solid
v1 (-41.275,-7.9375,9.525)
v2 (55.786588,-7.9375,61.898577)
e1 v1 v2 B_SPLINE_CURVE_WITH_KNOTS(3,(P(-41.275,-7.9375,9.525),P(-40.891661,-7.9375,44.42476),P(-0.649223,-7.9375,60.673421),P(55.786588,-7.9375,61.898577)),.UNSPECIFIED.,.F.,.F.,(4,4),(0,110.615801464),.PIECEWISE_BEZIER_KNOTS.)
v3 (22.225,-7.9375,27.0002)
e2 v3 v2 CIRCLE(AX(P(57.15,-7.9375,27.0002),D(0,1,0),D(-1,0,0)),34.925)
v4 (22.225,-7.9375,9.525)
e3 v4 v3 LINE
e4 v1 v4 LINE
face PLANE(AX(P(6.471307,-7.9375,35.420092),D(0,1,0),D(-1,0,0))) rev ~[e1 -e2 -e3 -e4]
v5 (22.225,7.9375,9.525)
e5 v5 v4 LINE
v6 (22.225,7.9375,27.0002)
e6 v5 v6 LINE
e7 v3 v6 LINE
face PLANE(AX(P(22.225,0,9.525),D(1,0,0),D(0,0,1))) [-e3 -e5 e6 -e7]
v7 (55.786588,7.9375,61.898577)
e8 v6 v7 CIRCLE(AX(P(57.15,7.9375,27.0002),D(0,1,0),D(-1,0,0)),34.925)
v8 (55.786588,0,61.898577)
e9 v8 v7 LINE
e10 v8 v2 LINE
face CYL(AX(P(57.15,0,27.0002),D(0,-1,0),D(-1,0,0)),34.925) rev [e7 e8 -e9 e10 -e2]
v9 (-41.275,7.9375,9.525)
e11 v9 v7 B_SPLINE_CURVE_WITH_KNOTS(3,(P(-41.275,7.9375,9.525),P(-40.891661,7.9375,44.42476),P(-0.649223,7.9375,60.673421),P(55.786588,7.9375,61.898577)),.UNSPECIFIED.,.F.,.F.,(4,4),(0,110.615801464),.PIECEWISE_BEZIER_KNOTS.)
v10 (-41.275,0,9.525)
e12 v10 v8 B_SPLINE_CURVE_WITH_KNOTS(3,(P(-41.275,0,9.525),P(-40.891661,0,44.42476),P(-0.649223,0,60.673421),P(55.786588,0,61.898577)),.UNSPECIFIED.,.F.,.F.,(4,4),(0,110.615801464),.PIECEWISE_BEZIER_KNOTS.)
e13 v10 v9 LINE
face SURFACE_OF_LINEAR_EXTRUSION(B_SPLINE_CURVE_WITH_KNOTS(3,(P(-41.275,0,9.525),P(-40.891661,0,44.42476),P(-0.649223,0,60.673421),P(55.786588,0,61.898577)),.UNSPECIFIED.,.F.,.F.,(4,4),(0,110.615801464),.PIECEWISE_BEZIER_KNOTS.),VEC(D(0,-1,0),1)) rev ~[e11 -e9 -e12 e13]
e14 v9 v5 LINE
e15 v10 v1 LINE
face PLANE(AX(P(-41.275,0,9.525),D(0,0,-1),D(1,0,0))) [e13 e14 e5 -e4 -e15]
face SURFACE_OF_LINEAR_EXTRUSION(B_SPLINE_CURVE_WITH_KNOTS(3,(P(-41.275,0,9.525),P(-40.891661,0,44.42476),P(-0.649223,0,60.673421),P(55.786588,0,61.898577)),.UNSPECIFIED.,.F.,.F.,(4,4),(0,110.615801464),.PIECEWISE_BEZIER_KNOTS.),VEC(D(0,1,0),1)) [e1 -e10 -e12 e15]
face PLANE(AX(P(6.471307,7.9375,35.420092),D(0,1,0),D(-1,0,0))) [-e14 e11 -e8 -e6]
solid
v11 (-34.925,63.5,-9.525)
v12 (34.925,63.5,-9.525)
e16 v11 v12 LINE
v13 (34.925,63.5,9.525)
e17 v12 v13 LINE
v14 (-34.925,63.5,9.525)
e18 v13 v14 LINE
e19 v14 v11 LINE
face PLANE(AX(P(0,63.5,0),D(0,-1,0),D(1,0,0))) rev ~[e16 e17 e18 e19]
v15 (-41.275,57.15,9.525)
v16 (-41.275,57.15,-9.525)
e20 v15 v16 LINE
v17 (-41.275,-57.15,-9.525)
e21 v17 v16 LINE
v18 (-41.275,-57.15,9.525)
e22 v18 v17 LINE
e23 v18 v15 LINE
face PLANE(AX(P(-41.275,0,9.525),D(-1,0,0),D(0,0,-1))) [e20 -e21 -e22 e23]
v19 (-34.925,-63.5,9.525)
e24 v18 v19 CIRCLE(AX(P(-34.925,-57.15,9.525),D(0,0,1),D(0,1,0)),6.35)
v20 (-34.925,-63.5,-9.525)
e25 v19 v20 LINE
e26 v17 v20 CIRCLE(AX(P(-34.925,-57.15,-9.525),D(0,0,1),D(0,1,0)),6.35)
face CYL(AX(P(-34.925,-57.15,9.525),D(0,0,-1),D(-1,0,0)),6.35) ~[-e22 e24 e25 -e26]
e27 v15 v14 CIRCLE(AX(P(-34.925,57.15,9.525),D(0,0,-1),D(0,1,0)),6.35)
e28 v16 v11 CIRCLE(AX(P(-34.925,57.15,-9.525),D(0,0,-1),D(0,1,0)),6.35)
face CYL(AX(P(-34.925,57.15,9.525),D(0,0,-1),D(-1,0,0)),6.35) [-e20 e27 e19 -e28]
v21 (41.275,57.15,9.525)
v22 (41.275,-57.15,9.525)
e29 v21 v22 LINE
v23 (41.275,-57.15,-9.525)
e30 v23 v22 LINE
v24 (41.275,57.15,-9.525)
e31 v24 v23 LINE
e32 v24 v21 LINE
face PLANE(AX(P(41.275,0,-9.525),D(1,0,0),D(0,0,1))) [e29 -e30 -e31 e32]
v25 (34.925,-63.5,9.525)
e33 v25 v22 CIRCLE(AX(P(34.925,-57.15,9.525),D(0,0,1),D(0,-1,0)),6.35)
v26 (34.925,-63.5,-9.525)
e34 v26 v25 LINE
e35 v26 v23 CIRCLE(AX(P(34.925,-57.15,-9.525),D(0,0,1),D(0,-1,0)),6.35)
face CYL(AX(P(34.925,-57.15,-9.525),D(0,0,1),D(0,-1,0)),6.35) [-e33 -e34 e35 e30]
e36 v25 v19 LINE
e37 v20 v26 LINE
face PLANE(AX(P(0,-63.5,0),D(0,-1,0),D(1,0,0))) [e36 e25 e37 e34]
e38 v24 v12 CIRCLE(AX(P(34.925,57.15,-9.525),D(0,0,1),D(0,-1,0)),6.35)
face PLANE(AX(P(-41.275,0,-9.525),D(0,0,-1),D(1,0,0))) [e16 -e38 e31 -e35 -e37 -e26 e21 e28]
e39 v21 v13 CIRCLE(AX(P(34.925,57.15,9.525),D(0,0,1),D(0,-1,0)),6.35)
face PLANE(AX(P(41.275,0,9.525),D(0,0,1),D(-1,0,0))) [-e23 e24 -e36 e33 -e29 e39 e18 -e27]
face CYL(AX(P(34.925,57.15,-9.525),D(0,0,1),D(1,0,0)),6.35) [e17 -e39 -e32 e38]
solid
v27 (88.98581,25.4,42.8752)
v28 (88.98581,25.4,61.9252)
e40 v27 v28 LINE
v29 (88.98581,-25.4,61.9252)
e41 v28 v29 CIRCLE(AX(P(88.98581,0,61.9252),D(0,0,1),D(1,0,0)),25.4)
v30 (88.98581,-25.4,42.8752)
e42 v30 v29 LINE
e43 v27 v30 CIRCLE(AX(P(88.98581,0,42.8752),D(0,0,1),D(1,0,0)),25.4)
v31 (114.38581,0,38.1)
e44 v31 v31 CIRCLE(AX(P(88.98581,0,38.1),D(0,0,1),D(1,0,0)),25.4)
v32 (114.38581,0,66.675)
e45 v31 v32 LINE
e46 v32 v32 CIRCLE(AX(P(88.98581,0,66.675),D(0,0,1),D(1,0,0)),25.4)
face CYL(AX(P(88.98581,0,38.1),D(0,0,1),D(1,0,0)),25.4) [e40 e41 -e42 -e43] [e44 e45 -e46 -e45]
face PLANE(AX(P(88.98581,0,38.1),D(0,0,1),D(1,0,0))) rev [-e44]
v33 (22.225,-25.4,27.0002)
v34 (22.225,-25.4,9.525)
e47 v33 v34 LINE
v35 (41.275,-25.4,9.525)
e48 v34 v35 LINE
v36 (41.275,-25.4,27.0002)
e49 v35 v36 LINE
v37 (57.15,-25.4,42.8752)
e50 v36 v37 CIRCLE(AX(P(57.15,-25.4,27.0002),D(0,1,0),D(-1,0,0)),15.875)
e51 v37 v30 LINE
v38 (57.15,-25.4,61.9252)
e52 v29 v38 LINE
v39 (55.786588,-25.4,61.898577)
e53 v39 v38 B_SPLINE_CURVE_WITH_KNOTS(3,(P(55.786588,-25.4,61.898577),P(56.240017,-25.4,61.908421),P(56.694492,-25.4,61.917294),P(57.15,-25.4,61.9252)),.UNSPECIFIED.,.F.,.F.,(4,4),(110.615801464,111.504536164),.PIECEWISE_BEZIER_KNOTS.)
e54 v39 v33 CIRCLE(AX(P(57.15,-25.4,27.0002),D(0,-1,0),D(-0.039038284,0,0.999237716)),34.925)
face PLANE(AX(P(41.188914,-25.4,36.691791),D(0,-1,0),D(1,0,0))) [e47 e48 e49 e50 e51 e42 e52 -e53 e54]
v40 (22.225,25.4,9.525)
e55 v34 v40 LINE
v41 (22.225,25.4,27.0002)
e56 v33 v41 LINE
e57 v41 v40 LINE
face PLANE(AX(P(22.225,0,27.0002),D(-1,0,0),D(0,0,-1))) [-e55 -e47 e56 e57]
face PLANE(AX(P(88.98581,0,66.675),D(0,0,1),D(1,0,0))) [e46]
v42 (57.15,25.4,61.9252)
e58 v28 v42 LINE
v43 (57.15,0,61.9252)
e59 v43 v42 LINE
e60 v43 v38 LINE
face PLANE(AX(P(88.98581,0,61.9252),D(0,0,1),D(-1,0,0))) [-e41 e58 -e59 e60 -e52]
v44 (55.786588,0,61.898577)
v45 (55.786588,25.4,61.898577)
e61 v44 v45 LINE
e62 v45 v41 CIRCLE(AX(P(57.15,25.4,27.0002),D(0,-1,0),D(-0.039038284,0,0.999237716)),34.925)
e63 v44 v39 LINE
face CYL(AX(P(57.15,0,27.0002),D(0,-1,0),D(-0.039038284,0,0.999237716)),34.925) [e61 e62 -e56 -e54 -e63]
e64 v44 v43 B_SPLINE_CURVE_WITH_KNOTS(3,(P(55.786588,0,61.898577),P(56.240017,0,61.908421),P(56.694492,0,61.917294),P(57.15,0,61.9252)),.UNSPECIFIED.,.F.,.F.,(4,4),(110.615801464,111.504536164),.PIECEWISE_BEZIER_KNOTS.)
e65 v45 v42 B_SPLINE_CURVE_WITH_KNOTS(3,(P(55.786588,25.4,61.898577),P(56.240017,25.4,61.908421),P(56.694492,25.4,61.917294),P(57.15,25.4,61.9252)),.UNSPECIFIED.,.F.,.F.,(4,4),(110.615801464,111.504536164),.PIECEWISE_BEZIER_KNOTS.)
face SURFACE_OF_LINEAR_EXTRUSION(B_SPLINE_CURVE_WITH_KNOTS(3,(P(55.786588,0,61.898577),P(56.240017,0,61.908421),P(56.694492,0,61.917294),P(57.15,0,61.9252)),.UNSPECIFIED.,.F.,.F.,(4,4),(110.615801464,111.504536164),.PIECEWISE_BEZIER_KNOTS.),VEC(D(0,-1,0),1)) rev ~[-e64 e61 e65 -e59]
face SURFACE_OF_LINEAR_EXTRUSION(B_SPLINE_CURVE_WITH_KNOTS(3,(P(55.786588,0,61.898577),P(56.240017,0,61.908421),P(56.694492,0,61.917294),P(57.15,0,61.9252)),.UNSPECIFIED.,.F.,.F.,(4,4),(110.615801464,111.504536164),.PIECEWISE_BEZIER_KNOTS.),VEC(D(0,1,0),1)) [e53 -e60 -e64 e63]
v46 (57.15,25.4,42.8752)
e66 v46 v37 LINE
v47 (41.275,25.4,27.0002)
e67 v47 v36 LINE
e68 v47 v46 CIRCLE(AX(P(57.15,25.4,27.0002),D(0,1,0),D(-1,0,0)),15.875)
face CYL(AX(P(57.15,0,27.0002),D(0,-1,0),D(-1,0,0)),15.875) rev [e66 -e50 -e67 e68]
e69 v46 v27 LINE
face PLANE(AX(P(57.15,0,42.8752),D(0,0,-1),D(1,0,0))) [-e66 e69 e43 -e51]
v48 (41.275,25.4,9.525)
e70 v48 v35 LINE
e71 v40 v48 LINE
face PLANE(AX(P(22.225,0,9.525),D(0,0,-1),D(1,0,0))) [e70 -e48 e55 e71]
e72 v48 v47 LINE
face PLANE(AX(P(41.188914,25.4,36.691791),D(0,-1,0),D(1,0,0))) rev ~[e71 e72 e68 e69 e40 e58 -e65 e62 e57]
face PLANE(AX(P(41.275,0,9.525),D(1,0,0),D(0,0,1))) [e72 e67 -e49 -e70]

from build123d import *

# Parameters (mm, degrees)
F1_DEPTH = 63.5
F0_W     = 25.4
F0_H     = 19.05
F2_DEPTH = 25.4
F3_DEPTH = 7.9375
F5_R     = 6.35


with BuildPart() as f1:
    # F0 (on Front) → F1 (new body, symmetric)
    with BuildSketch(Plane.XZ):
        Polygon((-41.275, -9.525), (41.275, -9.525), (41.275, 9.525), (22.225, 9.525), (-41.275, 9.525), align=None)
    extrude(amount=F1_DEPTH, both=True)

    # F5
    f5_edges = [f1.edges().sort_by_distance(p)[0] for p in [
        (-41.275, -63.5, 0),
        (41.275, -63.5, 0),
        (41.275, 63.5, 0),
        (-41.275, 63.5, 0),
    ]]
    fillet(f5_edges, radius=F5_R)


with BuildPart() as f2:
    # F0 (on Front) → F2 (new body, symmetric)
    with BuildSketch(Plane.XZ):
        with BuildLine():
            Line((22.225, 9.525), (41.275, 9.525))
            Line((41.275, 9.525), (41.275, 27.0002))
            ThreePointArc((41.275, 27.0002), (45.9246798487, 38.2255201513), (57.15, 42.8752))
            Line((57.15, 42.8752), (63.585810169, 42.8752))
            Line((63.585810169, 42.8752), (63.585810169, 61.9252))
            Line((63.585810169, 61.9252), (57.15, 61.9252))
            add(Edge.make_bspline(
                [(55.7865879403, 61.8985772195), (56.240017403, 61.9084206503), (56.6944921809, 61.9172942833), (57.15, 61.9252)],
                knots=[110.6158014639, 110.6158014639, 110.6158014639, 110.6158014639, 111.5045361635, 111.5045361635, 111.5045361635, 111.5045361635], degree=3))
            ThreePointArc((55.7865879403, 61.8985772195), (31.9768715573, 51.2090667518), (22.225, 27.0002))
            Line((22.225, 27.0002), (22.225, 9.525))
        make_face()
        with Locations((76.285810169, 52.4002)):
            Rectangle(F0_W, F0_H)
    extrude(amount=F2_DEPTH, both=True)

    # F0 (on Front) → F4 (revolve)
    with BuildSketch(Plane.XZ):
        Polygon((88.985810169, 61.9252), (88.985810169, 42.8752), (88.985810169, 38.1), (114.385810169, 38.1), (114.385810169, 66.675), (88.985810169, 66.675), align=None)
    revolve(axis=Axis((88.985810169, 0, 52.3875), (0, 0, 1)))


with BuildPart() as f3:
    # F0 (on Front) → F3 (new body, symmetric)
    with BuildSketch(Plane.XZ):
        with BuildLine():
            add(Edge.make_bspline(
                [(-41.275, 9.525), (-40.8916613319, 44.4247603482), (-0.6492229388, 60.6734208425), (55.7865879403, 61.8985772195)],
                knots=[0, 0, 0, 0, 110.6158014639, 110.6158014639, 110.6158014639, 110.6158014639], degree=3))
            Line((-41.275, 9.525), (22.225, 9.525))
            Line((22.225, 9.525), (22.225, 27.0002))
            ThreePointArc((22.225, 27.0002), (31.9768715573, 51.2090667518), (55.7865879403, 61.8985772195))
        make_face()
    extrude(amount=F3_DEPTH, both=True)


solid = Compound([f1.part, f2.part, f3.part])
